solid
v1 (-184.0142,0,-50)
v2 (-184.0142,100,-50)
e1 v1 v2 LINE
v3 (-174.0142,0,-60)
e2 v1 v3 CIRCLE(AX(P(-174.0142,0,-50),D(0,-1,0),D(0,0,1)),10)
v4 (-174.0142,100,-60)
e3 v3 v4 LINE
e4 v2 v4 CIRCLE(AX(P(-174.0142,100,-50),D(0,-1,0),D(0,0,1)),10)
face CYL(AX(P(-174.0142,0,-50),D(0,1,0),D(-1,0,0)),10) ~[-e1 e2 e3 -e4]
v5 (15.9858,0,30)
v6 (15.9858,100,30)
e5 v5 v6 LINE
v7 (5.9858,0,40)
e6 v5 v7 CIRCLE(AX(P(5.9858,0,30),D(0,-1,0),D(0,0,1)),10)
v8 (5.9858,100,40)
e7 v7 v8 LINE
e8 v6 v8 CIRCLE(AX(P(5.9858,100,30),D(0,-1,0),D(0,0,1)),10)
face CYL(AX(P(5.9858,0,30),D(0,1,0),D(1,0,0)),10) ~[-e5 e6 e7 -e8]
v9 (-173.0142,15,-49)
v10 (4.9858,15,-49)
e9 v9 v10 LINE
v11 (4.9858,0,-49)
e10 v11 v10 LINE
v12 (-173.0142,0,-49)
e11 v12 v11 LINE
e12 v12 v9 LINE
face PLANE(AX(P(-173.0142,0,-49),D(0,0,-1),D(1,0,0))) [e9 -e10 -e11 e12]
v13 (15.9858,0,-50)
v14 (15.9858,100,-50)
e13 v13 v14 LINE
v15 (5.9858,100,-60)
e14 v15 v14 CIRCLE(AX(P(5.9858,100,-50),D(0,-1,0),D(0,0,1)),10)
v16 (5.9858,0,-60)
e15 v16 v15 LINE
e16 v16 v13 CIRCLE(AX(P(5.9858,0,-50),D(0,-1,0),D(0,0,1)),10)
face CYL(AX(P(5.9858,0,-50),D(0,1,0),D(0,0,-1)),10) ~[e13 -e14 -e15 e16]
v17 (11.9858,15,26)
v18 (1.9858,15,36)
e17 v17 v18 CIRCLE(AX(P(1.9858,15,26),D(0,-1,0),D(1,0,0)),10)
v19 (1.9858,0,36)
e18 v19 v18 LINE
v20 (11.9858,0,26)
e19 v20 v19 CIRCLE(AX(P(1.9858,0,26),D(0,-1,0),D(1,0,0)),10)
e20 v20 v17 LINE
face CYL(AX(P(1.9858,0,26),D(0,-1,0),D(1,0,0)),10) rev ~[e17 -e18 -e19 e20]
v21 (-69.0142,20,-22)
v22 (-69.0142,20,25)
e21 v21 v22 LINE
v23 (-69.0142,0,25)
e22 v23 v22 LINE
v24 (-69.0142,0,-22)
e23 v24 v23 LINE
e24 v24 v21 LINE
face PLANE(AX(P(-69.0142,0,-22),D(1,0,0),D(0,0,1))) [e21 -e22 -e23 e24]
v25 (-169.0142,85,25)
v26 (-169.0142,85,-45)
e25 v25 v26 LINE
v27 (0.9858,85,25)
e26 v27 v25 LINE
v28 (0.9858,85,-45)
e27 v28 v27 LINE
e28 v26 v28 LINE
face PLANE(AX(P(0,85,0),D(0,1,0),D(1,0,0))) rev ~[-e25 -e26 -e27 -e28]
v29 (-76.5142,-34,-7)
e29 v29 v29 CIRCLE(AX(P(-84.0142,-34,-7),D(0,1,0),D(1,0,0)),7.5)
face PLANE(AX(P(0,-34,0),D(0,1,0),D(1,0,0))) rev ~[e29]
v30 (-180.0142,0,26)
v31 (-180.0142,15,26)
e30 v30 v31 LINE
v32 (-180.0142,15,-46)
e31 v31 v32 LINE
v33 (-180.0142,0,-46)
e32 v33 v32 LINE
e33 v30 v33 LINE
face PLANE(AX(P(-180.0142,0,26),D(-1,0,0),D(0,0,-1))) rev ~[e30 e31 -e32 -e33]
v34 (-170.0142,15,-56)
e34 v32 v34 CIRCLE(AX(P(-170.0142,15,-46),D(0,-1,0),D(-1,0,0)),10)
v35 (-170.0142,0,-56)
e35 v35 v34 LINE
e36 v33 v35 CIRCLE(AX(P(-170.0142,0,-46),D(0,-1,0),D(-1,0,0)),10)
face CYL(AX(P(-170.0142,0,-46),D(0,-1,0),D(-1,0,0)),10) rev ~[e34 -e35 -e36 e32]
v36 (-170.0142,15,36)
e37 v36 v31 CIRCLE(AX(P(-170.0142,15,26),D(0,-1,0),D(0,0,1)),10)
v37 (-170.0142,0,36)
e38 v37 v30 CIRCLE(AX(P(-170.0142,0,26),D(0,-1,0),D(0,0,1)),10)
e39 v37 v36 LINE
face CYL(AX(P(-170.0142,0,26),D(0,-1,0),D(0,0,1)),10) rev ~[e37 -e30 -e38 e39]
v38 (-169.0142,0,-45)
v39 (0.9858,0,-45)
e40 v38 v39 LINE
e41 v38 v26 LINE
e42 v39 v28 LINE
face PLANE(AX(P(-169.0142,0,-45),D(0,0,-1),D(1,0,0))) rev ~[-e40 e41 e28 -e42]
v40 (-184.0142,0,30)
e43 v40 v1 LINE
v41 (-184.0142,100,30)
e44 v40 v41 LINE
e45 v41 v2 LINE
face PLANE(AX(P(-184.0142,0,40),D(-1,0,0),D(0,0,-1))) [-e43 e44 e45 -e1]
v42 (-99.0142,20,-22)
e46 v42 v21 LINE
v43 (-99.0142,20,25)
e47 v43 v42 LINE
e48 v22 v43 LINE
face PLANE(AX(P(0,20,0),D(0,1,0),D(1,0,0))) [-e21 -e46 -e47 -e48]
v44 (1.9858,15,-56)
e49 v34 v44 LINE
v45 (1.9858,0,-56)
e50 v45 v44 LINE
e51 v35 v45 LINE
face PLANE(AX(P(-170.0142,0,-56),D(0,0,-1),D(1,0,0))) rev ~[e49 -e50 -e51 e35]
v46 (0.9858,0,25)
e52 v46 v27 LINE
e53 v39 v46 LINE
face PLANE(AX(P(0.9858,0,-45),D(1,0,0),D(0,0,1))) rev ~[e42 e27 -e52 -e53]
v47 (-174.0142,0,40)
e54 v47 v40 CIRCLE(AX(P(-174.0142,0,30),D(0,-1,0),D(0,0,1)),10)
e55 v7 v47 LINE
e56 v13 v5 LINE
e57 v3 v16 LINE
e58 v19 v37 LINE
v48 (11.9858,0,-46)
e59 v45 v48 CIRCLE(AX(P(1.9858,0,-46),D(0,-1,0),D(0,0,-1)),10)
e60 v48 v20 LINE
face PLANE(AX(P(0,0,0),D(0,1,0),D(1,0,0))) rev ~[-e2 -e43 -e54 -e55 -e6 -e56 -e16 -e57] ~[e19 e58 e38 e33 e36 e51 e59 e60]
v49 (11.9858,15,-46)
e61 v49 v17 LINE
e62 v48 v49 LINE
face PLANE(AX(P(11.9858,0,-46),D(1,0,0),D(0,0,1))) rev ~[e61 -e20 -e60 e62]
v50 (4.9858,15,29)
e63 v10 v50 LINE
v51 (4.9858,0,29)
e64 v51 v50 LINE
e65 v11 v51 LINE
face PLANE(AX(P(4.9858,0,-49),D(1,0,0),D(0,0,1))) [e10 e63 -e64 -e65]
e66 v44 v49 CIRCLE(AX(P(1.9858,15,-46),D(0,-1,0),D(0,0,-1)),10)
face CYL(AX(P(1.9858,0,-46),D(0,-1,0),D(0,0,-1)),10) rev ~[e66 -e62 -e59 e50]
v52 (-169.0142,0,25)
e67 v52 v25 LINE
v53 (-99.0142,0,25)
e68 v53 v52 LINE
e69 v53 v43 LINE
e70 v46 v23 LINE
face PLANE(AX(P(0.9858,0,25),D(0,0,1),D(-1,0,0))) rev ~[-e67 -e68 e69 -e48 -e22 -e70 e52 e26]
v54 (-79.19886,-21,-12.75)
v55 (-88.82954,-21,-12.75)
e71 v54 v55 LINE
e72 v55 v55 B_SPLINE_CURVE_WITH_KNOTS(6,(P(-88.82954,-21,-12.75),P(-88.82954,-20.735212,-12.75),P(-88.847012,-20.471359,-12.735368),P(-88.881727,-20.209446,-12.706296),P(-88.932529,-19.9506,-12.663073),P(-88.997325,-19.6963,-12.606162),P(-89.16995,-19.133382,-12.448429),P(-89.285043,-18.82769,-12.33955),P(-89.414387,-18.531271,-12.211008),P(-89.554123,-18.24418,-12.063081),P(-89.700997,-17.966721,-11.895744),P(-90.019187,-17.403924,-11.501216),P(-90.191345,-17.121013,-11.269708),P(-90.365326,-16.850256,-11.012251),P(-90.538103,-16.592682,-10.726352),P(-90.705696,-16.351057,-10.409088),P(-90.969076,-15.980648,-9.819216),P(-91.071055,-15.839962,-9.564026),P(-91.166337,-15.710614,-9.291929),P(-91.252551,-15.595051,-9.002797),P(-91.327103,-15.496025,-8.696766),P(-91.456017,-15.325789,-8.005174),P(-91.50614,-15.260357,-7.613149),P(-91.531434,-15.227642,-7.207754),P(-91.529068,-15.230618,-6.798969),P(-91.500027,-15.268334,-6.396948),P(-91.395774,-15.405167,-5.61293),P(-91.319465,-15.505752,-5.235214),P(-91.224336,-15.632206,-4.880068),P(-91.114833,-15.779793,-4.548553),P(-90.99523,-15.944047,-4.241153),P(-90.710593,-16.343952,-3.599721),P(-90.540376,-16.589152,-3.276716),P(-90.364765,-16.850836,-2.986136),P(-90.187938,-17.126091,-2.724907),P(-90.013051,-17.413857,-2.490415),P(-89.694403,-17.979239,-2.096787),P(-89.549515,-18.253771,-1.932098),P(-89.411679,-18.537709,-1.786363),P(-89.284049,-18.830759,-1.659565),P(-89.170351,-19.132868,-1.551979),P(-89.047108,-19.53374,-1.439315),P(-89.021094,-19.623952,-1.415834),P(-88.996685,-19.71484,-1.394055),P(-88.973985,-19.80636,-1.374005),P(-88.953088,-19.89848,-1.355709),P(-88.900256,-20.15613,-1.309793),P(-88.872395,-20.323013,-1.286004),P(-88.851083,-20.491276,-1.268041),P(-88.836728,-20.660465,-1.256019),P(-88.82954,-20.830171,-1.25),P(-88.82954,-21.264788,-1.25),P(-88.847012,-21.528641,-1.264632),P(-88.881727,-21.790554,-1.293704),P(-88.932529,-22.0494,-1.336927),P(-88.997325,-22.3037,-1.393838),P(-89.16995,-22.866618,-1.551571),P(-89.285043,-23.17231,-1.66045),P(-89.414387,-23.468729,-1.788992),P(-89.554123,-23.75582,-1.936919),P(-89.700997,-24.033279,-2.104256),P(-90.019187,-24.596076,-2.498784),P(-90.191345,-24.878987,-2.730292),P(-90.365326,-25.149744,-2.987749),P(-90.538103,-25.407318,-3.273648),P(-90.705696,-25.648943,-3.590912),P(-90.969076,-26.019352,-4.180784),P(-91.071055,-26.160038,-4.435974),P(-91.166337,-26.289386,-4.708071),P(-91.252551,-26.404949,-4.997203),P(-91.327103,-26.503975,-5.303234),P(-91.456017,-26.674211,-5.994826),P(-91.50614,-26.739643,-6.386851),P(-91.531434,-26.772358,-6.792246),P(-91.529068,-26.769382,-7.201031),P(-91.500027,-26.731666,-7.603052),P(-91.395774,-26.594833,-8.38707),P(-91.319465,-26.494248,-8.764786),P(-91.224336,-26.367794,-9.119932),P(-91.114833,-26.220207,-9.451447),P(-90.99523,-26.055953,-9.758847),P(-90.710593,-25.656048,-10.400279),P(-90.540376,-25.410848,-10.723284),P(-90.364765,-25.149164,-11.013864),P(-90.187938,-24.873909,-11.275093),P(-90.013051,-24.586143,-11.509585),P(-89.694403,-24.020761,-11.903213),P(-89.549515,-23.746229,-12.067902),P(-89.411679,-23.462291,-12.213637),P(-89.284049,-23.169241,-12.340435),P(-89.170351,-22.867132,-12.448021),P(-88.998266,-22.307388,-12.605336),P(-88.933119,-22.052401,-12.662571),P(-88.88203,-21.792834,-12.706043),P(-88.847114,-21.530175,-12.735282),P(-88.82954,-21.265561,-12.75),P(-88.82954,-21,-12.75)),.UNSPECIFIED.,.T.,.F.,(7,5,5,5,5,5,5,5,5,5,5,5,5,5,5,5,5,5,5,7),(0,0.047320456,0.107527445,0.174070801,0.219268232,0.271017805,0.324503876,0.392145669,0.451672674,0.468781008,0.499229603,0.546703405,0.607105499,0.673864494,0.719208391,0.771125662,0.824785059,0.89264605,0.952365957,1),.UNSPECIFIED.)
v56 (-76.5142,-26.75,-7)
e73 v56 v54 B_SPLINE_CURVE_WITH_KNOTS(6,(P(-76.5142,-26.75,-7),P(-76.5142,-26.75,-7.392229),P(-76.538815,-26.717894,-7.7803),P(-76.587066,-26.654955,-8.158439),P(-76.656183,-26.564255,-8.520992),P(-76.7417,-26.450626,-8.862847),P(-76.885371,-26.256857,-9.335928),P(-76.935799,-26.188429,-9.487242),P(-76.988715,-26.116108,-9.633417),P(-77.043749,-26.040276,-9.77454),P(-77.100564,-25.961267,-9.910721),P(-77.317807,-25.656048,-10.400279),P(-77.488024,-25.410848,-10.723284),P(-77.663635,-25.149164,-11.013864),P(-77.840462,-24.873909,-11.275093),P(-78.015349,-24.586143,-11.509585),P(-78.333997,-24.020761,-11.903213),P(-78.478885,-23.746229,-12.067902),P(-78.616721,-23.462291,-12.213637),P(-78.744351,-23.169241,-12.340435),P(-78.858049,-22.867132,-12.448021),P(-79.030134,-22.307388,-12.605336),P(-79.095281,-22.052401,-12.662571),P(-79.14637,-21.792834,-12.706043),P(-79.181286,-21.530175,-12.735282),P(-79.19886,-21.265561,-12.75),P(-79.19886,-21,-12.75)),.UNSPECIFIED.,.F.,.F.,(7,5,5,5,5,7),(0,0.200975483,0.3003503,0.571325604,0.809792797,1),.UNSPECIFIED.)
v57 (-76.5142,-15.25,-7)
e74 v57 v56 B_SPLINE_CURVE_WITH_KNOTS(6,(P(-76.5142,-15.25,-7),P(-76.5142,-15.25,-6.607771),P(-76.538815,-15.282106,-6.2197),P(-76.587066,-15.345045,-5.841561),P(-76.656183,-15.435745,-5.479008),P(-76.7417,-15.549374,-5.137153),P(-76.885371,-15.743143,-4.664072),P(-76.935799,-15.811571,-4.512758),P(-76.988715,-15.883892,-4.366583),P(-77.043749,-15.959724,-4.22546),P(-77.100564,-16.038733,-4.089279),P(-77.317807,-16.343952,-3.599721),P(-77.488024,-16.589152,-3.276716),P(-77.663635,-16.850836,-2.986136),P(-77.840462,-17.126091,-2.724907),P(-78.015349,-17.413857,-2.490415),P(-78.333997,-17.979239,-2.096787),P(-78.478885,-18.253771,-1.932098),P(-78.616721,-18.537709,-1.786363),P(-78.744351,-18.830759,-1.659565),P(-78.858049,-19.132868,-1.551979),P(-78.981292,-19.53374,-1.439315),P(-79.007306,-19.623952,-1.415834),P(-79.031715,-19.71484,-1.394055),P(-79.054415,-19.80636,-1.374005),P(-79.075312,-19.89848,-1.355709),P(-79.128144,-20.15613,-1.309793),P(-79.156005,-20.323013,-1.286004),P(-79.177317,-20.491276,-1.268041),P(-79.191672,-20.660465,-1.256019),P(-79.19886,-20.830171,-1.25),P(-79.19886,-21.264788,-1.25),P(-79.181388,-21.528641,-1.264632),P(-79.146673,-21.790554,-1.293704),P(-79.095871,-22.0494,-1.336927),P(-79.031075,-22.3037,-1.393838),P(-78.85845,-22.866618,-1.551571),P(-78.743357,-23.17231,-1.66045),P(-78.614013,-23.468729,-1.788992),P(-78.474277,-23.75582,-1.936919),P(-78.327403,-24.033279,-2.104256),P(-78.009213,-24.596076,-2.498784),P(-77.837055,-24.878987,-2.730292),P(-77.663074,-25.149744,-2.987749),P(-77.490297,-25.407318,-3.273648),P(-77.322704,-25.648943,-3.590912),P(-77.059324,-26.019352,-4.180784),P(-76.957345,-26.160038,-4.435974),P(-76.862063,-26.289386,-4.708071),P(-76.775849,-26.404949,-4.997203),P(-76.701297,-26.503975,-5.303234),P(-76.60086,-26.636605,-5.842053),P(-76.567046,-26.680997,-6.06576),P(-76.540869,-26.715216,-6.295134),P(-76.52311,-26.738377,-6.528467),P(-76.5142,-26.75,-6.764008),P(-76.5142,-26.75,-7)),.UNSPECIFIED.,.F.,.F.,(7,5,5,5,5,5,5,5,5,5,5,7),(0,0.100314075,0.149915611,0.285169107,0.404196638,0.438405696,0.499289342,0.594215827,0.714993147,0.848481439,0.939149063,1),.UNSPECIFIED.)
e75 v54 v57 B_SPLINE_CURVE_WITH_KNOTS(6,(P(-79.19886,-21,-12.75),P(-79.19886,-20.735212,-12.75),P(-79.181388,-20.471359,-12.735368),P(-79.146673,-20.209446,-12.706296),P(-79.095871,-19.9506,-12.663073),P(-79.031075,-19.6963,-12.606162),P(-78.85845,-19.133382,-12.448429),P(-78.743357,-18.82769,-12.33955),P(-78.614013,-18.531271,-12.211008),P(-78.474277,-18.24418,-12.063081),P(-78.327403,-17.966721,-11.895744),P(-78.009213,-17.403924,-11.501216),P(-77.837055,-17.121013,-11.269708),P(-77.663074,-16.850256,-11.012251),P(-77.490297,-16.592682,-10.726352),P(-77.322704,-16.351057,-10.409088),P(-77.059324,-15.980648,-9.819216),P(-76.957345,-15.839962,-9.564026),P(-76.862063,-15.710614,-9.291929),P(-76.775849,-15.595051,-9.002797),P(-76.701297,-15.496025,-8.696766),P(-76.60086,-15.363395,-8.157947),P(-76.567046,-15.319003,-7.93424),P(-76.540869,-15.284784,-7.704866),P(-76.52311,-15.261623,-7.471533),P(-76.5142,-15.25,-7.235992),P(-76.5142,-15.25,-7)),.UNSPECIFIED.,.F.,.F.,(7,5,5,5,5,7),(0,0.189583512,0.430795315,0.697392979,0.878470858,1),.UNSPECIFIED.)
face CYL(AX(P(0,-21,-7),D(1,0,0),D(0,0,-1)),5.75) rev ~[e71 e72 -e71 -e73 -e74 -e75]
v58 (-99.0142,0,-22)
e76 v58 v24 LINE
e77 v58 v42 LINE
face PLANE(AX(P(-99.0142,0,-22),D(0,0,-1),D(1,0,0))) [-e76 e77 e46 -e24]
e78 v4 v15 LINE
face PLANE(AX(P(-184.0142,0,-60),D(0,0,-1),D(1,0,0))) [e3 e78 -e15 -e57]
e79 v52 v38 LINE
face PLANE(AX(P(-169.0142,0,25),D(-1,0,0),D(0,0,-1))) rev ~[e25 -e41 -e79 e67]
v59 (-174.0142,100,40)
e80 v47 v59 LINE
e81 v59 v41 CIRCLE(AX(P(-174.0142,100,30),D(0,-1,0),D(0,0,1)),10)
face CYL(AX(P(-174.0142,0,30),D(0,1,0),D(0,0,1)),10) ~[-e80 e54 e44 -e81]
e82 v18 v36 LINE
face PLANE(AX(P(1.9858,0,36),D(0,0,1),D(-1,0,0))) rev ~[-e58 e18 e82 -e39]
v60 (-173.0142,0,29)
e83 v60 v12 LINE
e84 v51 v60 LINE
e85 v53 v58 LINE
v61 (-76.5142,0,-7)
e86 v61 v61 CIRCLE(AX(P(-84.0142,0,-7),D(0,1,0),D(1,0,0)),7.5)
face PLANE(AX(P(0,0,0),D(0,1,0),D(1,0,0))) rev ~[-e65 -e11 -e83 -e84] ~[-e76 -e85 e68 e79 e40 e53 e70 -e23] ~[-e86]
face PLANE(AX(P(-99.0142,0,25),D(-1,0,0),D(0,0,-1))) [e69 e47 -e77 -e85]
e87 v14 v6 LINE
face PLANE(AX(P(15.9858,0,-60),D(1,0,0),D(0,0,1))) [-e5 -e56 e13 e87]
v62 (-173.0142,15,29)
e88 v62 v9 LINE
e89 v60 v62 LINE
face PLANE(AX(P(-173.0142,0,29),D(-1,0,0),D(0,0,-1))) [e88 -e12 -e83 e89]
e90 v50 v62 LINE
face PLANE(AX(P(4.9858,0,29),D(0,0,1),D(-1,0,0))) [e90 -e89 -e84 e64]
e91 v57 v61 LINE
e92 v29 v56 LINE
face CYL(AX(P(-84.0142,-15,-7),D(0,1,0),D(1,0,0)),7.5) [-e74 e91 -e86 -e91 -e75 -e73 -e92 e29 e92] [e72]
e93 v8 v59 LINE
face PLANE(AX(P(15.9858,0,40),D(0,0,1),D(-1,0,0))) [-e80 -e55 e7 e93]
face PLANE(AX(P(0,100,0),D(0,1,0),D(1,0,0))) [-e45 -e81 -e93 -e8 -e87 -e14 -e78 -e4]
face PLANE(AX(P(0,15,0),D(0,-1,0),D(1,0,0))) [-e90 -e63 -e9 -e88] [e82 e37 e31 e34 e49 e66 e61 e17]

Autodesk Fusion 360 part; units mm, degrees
sketch "Sketch1" plane through (0, 0, 0) normal (0, 1, 0) x (1, 0, 0) in component "Bottom of Box"
  line L0 (-184.0142, 60) -> (15.9858, 60)
  line L1 (15.9858, 60) -> (15.9858, -40)
  line L2 (15.9858, -40) -> (-184.0142, -40)
  line L3 (-184.0142, -40) -> (-184.0142, 60)
  line L4 (-169.0142, 45) -> (0.9858, 45)
  line L5 (0.9858, 45) -> (0.9858, -25)
  line L6 (0.9858, -25) -> (-169.0142, -25)
  line L7 (-169.0142, -25) -> (-169.0142, 45)
  dimension "d1" = 100
  dimension "d2" = 200
  dimension "d3" = 170
  dimension "d4" = 70
  dimension "d5" = 15
  dimension "d6" = 15
extrude "Extrude1" add sketch "Sketch1" along normal blind 100 contours L0 L1 L2 L3 | L4 L5 L6 L7 in component "Bottom of Box"
extrude "Extrude2" cut sketch "Sketch1" along normal blind 85 contours L4 L5 L6 L7 in component "Bottom of Box"
fillet "Fillet1" radius 10 1 edges at (15.9858, 50, -60) in component "Bottom of Box"
fillet "Fillet2" radius 10 1 edges at (15.9858, 50, 40) in component "Bottom of Box"
fillet "Fillet3" radius 10 1 edges at (-184.0142, 50, 40) in component "Bottom of Box"
fillet "Fillet4" radius 10 1 edges at (-184.0142, 50, -60) in component "Bottom of Box"
sketch "Sketch1 (2)" plane through (0, 0, 0) normal (0, 1, 0) x (1, 0, 0)
  line L0 (-69.0142, -25) -> (-99.0142, -25)
  line L1 (-99.0142, -25) -> (-99.0142, 22)
  line L2 (-99.0142, 22) -> (-69.0142, 22)
  line L3 (-69.0142, 22) -> (-69.0142, -25)
  line L4 (0.9858, -25) -> (0.9858, 45)
  dimension "d30" = 30
  dimension "d31" = 70
  dimension "d79" = 47
extrude "Extrude4" add sketch "Sketch1 (2)" along normal blind 20 in component "Bottom of Box"
sketch "Sketch2" plane through (0, 0, 0) normal (0, 1, 0) x (1, 0, 0)
  circle A0 centre (-84.0142, 7) radius 7.5
  line L0 (-99.0142, 22) -> (-69.0142, 22)
  line L1 (-99.0142, -25) -> (-99.0142, 22)
  dimension "d34" = 15
  dimension "d35" = 15
  dimension "d36" = 15
extrude "Extrude5" add sketch "Sketch2" against normal blind 25 in component "Bottom of Box"
sketch "Sketch3" plane through (0, 0, 0) normal (1, 0, 0) x (0, 0, -1)
  curve A0
  line L0 (-0.5, -25) -> (14.5, -25)
  dimension "d40" = 12.5
  dimension "d81" = 12.5
extrude "Extrude7" cut 1 faces at (-82.4555, -25, -8.9546) along direction (0, 1, 0) blind 10 in component "Bottom of Box"
extrude "Extrude8" add 1 faces at (-82.4555, -15, -8.9546) along direction (0, -1, 0) blind 19 in component "Bottom of Box"
sketch "Sketch5" plane through (0, 0, 0) normal (0, -1, 0) x (1, 0, 0)
  circle A0 centre (-84.0142, -7) radius 7.5
  line L0 (-169.0142, -45) -> (-169.0142, 25)
  line L1 (-169.0142, 25) -> (-99.0142, 25)
  line L2 (-99.0142, 25) -> (-99.0142, -22)
  line L3 (-99.0142, -22) -> (-69.0142, -22)
  line L4 (-69.0142, -22) -> (-69.0142, 25)
  line L5 (-69.0142, 25) -> (0.9858, 25)
  line L6 (0.9858, 25) -> (0.9858, -45)
  line L7 (0.9858, -45) -> (-169.0142, -45)
  arc A1 (-184.0142, -50) -> (-174.0142, -60) centre (-174.0142, -50) ccw
  line L8 (-174.0142, -60) -> (5.9858, -60)
  arc A2 (5.9858, -60) -> (15.9858, -50) centre (5.9858, -50) ccw
  line L9 (15.9858, -50) -> (15.9858, 30)
  arc A3 (15.9858, 30) -> (5.9858, 40) centre (5.9858, 30) ccw
  line L10 (5.9858, 40) -> (-174.0142, 40)
  arc A4 (-174.0142, 40) -> (-184.0142, 30) centre (-174.0142, 30) ccw
  line L11 (-184.0142, 30) -> (-184.0142, -50)
  line L12 (-170.0142, -56) -> (1.9858, -56)
  line L13 (11.9858, -46) -> (11.9858, 26)
  line L14 (1.9858, 36) -> (-170.0142, 36)
  line L15 (-180.0142, 26) -> (-180.0142, -46)
  line L16 (-173.0142, -49) -> (4.9858, -49)
  line L17 (4.9858, -49) -> (4.9858, 29)
  line L18 (4.9858, 29) -> (-173.0142, 29)
  line L19 (-173.0142, 29) -> (-173.0142, -49)
  arc A5 (11.9858, 26) -> (1.9858, 36) centre (1.9858, 26) ccw
  arc A6 (1.9858, -56) -> (11.9858, -46) centre (1.9858, -46) ccw
  arc A7 (-180.0142, -46) -> (-170.0142, -56) centre (-170.0142, -46) ccw
  arc A8 (-170.0142, 36) -> (-180.0142, 26) centre (-170.0142, 26) ccw
  point P0 (-180.0142, -56)
  point P1 (11.9858, -56)
  dimension "d52" = 192
  dimension "d53" = 92
  dimension "d54" = 4
  dimension "d55" = 4
  dimension "d56" = 78
  dimension "d57" = 178
  dimension "d58" = 7
  dimension "d59" = 7
  dimension "d60" = 10
extrude "Extrude10" cut sketch "Sketch5" against normal blind 15 contours L12 L13 L14 L15 A5 A6 A7 A8 in component "Bottom of Box"
sketch "Sketch6" plane through (0, 0, 0) normal (1, 0, 0) x (0, 0, -1)
sketch "Sketch7" plane through (0, 0, 0) normal (1, 0, 0) x (0, 0, -1)
  circle A0 centre (7, -21) radius 5.75
  line L0 (-0.5, -34) -> (14.5, -34)
  dimension "d69" = 7.5
  dimension "d82" = 11.5
  dimension "d84" = 13
extrude "Extrude11" cut sketch "Sketch7" against normal blind 100 in component "Bottom of Box"
component "Bottom of Box" placed x (1, 0, 0) y (0, 1, 0) z (0, 0, 1) at (0, 0, 0)
